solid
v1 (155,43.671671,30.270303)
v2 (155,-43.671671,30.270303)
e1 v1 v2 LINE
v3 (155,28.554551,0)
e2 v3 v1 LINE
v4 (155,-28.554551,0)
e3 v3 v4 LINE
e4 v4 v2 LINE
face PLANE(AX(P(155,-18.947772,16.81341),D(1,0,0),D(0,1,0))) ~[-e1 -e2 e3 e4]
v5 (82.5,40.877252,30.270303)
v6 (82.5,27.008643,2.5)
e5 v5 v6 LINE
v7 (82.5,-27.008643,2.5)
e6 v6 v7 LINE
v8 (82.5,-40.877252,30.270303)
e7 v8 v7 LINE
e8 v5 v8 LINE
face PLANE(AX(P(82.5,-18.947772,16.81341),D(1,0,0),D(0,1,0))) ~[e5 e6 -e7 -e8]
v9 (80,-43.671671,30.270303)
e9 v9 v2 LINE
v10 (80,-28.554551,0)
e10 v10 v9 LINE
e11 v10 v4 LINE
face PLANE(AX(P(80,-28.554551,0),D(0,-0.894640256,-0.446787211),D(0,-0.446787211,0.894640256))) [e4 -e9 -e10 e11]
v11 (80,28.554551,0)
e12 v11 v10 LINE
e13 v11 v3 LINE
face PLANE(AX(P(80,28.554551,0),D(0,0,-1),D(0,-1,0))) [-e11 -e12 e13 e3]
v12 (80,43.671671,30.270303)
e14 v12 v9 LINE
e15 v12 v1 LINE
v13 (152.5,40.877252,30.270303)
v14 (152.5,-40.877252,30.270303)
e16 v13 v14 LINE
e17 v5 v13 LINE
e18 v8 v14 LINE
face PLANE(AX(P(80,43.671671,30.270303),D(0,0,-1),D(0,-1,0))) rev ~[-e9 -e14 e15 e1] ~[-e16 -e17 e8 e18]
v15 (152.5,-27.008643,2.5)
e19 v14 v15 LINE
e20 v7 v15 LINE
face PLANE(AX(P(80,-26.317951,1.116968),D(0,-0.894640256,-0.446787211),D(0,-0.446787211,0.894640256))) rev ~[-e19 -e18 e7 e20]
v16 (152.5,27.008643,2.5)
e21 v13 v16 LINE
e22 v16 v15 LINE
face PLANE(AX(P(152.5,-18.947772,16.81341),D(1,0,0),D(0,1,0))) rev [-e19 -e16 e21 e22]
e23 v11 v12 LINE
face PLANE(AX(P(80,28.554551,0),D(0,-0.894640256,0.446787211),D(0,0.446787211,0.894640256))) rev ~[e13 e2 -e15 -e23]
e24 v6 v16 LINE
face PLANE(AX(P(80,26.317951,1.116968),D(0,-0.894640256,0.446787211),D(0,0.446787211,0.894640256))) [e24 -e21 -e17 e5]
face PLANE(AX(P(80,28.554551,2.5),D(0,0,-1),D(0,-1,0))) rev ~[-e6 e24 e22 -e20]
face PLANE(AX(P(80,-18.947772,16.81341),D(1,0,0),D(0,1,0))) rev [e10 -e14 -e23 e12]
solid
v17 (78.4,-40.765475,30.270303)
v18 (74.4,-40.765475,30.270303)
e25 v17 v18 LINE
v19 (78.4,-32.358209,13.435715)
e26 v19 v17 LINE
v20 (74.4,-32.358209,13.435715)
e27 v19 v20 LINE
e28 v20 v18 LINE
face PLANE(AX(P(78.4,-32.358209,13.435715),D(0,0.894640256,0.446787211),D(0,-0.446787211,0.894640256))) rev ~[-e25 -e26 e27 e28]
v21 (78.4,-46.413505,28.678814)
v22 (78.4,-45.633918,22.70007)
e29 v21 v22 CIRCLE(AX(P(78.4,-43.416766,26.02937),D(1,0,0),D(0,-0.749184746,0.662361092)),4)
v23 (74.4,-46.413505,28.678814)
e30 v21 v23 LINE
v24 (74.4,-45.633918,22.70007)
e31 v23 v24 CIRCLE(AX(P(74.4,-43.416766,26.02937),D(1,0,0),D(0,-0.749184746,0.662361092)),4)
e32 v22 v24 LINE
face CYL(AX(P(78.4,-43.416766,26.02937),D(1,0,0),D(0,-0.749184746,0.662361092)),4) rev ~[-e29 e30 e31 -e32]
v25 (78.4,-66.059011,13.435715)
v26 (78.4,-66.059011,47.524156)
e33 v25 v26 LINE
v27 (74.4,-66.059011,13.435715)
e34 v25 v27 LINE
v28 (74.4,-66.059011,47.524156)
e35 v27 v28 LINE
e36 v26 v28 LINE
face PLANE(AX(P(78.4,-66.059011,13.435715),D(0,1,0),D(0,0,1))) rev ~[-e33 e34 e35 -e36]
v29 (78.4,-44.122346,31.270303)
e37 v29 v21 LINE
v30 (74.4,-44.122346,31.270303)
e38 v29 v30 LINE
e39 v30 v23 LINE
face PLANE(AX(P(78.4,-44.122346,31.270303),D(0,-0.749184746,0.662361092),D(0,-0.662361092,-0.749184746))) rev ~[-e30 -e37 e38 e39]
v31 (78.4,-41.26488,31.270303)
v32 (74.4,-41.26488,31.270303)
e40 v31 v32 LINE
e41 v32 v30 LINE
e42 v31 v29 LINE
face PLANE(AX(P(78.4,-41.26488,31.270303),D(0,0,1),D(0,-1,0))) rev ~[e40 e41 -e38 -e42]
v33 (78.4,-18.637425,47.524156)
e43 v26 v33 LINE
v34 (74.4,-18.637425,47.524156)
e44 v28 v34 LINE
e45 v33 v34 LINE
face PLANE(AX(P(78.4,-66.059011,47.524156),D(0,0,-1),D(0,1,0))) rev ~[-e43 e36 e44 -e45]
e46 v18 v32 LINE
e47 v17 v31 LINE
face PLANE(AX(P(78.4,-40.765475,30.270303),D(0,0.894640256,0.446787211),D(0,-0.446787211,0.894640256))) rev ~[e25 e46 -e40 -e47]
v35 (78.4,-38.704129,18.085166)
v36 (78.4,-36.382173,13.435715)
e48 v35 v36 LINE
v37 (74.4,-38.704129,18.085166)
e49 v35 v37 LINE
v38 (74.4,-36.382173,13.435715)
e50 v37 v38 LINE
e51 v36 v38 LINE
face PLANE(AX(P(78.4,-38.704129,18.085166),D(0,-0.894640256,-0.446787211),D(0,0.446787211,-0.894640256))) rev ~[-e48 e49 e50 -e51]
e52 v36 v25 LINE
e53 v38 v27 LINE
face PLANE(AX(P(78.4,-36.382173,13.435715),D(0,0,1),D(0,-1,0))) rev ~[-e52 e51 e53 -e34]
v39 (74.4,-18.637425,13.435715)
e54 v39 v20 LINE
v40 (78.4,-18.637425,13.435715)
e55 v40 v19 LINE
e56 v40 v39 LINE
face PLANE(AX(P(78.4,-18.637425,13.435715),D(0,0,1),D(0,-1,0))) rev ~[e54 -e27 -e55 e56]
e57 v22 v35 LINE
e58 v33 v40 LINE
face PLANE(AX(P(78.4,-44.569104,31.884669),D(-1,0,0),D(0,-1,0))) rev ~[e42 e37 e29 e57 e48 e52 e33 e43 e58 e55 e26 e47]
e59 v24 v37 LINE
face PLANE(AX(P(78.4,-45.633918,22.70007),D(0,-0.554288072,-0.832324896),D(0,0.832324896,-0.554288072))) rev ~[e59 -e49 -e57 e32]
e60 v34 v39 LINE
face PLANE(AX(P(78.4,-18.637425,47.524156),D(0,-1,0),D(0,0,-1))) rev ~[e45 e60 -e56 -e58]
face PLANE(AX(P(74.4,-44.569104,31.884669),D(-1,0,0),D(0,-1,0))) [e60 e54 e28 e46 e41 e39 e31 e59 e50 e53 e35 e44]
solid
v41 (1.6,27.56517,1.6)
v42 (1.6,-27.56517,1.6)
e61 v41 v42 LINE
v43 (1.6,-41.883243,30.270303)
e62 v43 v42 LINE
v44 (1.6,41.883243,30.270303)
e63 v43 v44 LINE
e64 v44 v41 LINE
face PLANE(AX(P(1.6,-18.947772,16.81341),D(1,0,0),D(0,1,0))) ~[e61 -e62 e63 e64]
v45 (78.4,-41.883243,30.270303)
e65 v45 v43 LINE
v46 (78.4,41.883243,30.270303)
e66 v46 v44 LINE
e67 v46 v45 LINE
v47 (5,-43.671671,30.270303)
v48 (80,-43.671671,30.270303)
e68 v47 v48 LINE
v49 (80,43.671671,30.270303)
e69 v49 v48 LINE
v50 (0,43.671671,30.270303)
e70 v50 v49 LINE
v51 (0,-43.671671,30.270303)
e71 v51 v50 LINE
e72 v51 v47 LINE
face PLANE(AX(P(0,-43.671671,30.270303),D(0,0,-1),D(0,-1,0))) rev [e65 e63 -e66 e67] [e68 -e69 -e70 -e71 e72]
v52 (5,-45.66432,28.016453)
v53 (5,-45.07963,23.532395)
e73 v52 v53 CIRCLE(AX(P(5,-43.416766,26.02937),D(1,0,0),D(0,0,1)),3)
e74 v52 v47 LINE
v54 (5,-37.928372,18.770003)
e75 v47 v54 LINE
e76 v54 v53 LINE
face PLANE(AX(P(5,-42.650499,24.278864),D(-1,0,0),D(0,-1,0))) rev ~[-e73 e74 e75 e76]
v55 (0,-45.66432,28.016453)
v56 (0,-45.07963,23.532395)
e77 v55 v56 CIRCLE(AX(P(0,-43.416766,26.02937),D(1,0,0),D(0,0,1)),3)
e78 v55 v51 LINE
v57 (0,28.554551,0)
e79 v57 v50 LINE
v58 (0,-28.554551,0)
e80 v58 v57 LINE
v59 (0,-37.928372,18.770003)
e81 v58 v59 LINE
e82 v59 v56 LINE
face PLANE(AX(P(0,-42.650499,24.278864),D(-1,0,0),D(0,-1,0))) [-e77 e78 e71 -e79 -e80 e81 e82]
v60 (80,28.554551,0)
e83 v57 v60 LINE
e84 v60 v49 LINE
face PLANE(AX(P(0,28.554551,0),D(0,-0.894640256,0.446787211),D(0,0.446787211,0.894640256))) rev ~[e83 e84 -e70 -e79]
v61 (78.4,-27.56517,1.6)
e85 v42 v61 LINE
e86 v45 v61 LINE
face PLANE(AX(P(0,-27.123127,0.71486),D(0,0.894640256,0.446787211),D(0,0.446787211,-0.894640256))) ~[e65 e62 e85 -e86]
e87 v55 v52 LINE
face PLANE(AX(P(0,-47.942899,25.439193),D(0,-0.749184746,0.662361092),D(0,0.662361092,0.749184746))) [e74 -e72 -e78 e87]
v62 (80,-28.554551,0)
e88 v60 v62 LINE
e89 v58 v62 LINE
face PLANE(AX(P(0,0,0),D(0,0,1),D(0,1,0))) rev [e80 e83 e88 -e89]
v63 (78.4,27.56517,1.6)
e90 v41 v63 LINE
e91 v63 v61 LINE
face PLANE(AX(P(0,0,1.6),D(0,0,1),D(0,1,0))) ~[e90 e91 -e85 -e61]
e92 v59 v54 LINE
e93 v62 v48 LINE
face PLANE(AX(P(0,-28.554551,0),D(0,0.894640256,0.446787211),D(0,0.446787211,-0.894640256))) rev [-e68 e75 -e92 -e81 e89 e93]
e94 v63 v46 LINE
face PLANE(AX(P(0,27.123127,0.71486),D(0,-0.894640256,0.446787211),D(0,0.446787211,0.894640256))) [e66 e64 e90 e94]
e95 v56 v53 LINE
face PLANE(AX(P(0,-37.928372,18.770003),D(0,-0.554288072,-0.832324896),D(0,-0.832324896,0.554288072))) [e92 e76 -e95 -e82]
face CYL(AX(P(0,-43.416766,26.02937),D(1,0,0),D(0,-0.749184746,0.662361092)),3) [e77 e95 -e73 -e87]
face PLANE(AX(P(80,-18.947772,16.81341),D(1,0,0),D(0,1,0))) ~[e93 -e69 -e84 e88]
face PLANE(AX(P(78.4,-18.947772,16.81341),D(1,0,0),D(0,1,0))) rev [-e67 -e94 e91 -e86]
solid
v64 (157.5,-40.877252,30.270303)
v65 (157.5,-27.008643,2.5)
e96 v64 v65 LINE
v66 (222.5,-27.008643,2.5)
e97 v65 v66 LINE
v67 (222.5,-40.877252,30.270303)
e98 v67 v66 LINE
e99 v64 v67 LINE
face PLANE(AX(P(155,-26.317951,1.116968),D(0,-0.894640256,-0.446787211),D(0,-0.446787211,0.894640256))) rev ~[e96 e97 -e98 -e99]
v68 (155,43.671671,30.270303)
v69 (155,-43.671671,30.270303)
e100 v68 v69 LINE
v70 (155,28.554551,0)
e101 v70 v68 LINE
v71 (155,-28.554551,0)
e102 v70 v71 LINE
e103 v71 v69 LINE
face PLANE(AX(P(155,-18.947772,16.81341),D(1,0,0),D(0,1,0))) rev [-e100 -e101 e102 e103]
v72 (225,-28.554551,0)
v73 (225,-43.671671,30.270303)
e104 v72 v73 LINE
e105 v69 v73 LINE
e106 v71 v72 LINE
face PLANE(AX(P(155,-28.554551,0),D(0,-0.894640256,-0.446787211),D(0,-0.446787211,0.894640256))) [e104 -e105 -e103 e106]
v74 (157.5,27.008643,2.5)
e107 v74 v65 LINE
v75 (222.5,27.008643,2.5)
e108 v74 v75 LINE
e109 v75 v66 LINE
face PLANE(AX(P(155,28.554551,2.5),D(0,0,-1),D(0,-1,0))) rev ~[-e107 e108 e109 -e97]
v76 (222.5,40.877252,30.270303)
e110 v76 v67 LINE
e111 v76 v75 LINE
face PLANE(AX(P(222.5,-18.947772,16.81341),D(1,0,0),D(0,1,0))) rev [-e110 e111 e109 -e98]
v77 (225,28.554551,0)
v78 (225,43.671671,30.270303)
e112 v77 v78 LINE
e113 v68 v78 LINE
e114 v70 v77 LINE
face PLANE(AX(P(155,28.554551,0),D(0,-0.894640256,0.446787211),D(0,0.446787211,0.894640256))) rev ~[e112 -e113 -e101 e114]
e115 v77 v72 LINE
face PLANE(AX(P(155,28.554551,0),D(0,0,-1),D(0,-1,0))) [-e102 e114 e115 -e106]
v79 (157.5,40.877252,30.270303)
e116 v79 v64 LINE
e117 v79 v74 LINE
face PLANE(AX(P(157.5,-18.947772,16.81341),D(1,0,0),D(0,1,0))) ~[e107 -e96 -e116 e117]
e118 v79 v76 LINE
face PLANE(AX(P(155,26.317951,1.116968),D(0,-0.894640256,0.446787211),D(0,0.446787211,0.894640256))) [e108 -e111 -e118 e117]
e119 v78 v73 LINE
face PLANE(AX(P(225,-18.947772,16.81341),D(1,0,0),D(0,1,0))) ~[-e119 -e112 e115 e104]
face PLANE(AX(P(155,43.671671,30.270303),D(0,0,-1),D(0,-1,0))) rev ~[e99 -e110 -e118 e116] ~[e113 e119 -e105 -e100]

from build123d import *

# Parameters (mm, degrees)
F1_DEPTH  = 80
F3_T      = -1.6
F4_DEPTH  = 75
F5_DEPTH  = 70
F6_T      = -2.5
F7_T      = -2.5
F9_DEPTH  = 5
F10_R     = 3
F12_DEPTH = 4


with BuildPart() as f1:
    # F0 (on Right) → F1 (new body)
    with BuildSketch(Plane.YZ):
        Polygon((0, 30.2703026682), (0, 0), (28.5545513034, 0), (43.6716713011, 30.2703026682), align=None)
    extrude(amount=F1_DEPTH)

    # F2: F1 across face


with BuildPart() as f1_1:
    add(f1.part)
    add(f1.part.mirror(Plane(origin=(40, 0, 15.1351513341), x_dir=(1, 0, 0), z_dir=(0, -1, 0))))

    # F3
    f3_openings = [f1_1.faces().sort_by_distance(p)[0] for p in [
        (40, 0, 30.270303),
    ]]
    offset(amount=F3_T, openings=f3_openings)


with BuildPart() as f4:
    # F4 (new): a face of the model
    f4_faces = [f1_1.part.faces().sort_by_distance(p)[0] for p in [
        (80, 0, 16.191092379),
    ]]
    extrude(f4_faces, amount=F4_DEPTH)


with BuildPart() as f5:
    # F5 (new): a face of the model
    f5_faces = [f4.part.faces().sort_by_distance(p)[0] for p in [
        (155, 0, 16.191092379),
    ]]
    extrude(f5_faces, amount=F5_DEPTH)

    # F7
    f7_openings = [f5.faces().sort_by_distance(p)[0] for p in [
        (190, 0, 30.270303),
    ]]
    offset(amount=F7_T, openings=f7_openings)


with BuildPart() as f4_1:
    add(f4.part)

    # F6
    f6_openings = [f4_1.faces().sort_by_distance(p)[0] for p in [
        (117.5, 0, 30.270303),
    ]]
    offset(amount=F6_T, openings=f6_openings)


with BuildPart() as f1_2:
    add(f1_1.part)

    # F8 (on face) → F9 (join)
    with BuildSketch(Plane(origin=(0, 0, 0), x_dir=(0, -1, 0), z_dir=(-1, 0, 0))):
        Polygon((47.9428991675, 25.4391934723), (43.6716713011, 30.2703026682), (37.9283721854, 18.7700034993), align=None)
    extrude(amount=-F9_DEPTH)

    # F10
    f10_edges = [f1_2.edges().sort_by_distance(p)[0] for p in [
        (2.5, -47.942899, 25.439193),
    ]]
    fillet(f10_edges, radius=F10_R)


with BuildPart() as f12:
    # F11 (on face) → F12 (new body)
    with BuildSketch(Plane(origin=(78.4, 0, 0), x_dir=(0, -1, 0), z_dir=(-1, 0, 0))):
        with BuildLine():
            Line((18.6374253944, 30.2703026682), (40.7654752274, 30.2703026682))
            Line((40.7654752274, 30.2703026682), (41.2648795499, 31.2703026682))
            Line((41.2648795499, 31.2703026682), (44.1223463978, 31.2703026682))
            Line((44.1223463978, 31.2703026682), (46.4135051114, 28.6788141602))
            ThreePointArc((46.4135051114, 28.6788141602), (47.3831889957, 25.5121757921), (45.633918416, 22.7000702056))
            Line((45.633918416, 22.7000702056), (38.7041291926, 18.0851661881))
            Line((38.7041291926, 18.0851661881), (36.3821730553, 13.4357147668))
            Line((36.3821730553, 13.4357147668), (66.0590111629, 13.4357147668))
            Line((66.0590111629, 13.4357147668), (66.0590111629, 47.5241559376))
            Line((66.0590111629, 47.5241559376), (18.6374253944, 47.5241559376))
            Line((18.6374253944, 47.5241559376), (18.6374253944, 30.2703026682))
        make_face()
        Polygon((32.3582092609, 13.4357147668), (40.7654752274, 30.2703026682), (18.6374253944, 30.2703026682), (18.6374253944, 13.4357147668), align=None)
    extrude(amount=F12_DEPTH)


solid = Compound([f5.part, f4_1.part, f1_2.part, f12.part])
